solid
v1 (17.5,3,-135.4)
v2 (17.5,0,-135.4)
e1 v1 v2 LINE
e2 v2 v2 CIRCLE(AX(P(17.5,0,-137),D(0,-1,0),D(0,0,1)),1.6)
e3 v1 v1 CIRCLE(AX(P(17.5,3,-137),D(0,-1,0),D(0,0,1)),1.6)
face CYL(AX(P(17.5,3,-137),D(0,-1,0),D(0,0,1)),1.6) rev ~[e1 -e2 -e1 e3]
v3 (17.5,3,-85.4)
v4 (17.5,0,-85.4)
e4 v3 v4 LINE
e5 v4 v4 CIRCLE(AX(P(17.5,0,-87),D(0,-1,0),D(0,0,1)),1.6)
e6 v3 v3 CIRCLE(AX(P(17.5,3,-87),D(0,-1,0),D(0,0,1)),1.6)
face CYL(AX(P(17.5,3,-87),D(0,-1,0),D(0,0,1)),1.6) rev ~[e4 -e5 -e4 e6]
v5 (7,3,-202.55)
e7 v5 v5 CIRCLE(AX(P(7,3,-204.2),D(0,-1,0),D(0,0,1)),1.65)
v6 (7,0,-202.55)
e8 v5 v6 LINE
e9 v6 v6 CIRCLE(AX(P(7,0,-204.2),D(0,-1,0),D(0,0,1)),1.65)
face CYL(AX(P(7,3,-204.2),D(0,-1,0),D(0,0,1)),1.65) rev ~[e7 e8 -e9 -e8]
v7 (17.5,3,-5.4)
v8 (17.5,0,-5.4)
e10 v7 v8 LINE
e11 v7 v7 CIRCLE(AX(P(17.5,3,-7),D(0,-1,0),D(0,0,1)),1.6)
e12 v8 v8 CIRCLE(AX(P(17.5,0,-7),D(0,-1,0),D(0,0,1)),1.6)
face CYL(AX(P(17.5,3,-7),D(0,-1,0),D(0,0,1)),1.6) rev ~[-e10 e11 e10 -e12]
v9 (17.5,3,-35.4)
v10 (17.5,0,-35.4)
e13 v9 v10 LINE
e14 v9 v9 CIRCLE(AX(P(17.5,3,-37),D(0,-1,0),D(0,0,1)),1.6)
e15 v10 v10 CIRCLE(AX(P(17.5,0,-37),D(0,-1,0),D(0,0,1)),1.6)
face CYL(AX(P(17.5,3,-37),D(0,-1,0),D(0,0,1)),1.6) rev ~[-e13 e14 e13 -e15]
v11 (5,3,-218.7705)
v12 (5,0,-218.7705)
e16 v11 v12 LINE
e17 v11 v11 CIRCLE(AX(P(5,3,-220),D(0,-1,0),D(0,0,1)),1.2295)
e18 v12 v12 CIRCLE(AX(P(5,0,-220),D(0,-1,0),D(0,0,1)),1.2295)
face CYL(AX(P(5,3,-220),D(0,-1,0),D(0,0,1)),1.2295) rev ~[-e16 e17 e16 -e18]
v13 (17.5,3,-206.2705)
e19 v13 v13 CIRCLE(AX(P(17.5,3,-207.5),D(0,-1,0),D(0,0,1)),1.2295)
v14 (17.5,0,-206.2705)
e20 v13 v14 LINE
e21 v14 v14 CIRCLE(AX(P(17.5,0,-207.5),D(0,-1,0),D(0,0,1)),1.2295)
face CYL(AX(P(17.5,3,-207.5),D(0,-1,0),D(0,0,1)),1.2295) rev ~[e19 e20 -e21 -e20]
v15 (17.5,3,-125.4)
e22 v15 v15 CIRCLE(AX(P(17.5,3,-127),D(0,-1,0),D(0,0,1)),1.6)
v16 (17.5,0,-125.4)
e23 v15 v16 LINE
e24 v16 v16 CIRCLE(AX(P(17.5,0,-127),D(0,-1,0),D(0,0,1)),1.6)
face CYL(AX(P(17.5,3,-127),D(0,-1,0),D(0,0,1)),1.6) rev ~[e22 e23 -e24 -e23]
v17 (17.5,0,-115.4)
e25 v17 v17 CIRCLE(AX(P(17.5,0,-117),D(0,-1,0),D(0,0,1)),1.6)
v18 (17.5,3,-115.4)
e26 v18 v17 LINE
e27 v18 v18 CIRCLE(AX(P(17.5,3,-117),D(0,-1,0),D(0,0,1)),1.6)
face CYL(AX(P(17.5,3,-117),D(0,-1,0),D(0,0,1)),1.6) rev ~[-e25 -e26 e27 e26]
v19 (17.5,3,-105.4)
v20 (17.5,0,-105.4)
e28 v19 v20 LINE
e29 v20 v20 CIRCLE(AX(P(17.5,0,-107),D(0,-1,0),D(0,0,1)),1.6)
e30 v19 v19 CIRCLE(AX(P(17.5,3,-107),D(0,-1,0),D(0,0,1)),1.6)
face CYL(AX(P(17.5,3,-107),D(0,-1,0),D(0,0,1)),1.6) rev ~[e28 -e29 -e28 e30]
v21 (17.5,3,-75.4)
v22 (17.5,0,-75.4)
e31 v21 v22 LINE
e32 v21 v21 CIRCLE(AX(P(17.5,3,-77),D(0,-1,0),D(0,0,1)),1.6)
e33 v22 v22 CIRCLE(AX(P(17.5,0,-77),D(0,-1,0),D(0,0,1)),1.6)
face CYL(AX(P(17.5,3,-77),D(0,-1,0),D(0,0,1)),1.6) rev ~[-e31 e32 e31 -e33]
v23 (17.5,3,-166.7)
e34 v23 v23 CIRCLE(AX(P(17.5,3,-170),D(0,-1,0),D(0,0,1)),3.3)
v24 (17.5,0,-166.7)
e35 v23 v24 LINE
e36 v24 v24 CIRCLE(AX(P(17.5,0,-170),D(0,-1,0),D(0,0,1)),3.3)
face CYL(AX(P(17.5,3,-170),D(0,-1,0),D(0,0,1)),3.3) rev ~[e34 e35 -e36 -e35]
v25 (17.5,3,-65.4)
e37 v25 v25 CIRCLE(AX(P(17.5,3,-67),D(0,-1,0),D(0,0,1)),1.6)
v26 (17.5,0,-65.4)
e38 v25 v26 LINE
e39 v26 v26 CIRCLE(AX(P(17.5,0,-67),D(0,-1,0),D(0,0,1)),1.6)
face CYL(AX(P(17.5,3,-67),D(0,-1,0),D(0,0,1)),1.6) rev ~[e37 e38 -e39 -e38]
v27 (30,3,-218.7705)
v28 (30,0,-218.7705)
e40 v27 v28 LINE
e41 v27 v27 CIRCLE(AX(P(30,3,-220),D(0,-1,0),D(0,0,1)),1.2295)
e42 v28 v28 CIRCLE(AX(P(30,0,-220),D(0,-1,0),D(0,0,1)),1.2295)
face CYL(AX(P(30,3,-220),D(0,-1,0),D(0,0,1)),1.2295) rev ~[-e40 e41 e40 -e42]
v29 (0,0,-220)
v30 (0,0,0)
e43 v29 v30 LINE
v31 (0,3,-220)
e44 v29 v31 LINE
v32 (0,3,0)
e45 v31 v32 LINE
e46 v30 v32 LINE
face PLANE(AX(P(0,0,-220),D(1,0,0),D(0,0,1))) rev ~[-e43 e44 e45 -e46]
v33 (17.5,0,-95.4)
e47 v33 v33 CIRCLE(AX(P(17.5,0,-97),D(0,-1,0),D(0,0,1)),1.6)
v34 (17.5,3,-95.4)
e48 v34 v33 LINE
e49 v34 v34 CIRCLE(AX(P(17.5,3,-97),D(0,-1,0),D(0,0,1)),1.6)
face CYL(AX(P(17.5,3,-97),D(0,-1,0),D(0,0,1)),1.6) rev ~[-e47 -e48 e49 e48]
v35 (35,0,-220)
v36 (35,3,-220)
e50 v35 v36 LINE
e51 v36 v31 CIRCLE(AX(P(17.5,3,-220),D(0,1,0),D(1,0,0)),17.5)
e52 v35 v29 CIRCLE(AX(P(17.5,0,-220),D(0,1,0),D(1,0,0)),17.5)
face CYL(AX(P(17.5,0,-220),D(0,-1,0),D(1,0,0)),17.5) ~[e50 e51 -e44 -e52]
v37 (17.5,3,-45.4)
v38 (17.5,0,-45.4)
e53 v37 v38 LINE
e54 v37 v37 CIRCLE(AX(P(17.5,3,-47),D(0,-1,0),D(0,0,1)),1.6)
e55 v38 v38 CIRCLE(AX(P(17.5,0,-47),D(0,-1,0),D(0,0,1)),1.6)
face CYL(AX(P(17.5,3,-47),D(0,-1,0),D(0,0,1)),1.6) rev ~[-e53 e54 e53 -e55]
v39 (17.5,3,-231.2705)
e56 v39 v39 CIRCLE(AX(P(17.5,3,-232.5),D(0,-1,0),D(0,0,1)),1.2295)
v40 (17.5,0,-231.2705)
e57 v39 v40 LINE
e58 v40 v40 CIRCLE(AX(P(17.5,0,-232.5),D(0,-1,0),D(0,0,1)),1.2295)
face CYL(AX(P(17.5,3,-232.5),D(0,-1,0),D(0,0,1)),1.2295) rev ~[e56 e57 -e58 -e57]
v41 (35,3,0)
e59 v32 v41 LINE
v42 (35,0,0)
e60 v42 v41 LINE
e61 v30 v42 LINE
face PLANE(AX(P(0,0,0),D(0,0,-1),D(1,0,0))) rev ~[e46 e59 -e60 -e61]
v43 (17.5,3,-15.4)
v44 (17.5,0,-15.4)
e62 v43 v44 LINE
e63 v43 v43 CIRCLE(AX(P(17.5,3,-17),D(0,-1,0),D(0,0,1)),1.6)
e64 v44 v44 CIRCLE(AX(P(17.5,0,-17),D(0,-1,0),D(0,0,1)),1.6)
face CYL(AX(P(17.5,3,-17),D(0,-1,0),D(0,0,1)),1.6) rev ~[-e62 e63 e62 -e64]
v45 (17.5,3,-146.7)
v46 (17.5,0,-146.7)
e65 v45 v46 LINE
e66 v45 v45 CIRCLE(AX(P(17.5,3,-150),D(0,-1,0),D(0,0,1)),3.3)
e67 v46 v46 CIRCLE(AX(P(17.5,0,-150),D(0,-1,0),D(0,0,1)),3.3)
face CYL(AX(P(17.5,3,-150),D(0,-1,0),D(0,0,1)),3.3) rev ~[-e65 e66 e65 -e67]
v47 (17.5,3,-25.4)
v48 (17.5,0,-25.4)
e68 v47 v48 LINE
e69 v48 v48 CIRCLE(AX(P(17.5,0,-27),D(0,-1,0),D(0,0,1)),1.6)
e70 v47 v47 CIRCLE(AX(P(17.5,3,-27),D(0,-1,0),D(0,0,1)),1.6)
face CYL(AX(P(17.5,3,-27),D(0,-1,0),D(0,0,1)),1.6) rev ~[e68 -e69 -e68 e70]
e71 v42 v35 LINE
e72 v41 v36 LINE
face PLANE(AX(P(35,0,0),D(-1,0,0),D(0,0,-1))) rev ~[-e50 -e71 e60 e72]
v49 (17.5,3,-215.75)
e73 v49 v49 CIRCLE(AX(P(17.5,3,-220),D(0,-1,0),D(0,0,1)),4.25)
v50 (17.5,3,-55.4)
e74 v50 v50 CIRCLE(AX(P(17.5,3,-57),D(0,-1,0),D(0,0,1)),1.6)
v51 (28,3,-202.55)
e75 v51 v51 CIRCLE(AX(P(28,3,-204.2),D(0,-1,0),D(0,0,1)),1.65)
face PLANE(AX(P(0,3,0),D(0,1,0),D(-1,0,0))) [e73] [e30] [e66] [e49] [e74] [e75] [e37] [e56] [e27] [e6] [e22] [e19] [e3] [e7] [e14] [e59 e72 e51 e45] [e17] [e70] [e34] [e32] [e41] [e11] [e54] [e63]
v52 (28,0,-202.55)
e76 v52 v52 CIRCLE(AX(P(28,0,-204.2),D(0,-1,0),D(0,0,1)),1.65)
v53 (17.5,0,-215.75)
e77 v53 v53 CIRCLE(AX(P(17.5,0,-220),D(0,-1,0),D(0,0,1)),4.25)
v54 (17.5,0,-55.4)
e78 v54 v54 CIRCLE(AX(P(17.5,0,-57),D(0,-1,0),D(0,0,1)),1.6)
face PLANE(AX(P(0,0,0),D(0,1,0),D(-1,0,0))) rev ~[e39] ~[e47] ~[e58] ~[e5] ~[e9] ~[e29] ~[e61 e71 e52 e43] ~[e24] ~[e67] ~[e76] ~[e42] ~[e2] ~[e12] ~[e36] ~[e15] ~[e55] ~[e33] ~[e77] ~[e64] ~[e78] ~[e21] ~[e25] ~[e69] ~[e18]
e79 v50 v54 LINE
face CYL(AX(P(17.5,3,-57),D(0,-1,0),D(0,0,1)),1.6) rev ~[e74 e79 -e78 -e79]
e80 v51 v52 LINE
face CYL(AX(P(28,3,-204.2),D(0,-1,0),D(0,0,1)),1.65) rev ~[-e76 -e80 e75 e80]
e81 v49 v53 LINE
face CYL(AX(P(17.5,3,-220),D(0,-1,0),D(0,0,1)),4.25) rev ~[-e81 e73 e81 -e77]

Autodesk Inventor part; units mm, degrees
ref_plane "YZ Plane" through (0, 0, 0) normal (1, 0, 0) x (0, 1, 0)
ref_plane "XZ Plane" through (0, 0, 0) normal (0, 1, 0) x (-1, 0, 0)
ref_plane "XY Plane" through (0, 0, 0) normal (0, 0, 1) x (1, 0, 0)
sketch "スケッチ1" plane through (0, 0, 0) normal (0, 1, 0) x (-1, 0, 0)
  line L0 (0, 0) -> (-35, 0)
  line L1 (-35, 0) -> (-35, -220)
  line L2 (-35, -220) -> (0, -220)
  line L3 (0, -220) -> (0, 0)
  arc A0 (-35, -220) -> (0, -220) centre (-17.5, -220) ccw
  dimension "d0" = 35
  dimension "d1" = 220
  dimension "d2" = 17.5
extrude "押し出し1" add sketch "スケッチ1" along normal blind 3
sketch "スケッチ2" plane through (0, 3, 0) normal (0, 1, 0) x (1, 0, 0)
  line L0 (0, 0) -> (35, 0) construction
  line L1 (17.5, 0) -> (17.5, 237.5) construction
  arc A0 (35, 220) -> (0, 220) centre (17.5, 220) ccw construction
hole "穴1" at (17.5, 3, -220) direction (0, -1, 0) diameter 8.5 end through all
sketch "スケッチ3" plane through (0, 3, 0) normal (0, 1, 0) x (1, 0, 0)
  circle A0 centre (17.5, 220) radius 4.25 projected
  circle A1 centre (17.5, 220) radius 12.5
  point P0 (0, 0)
  point P1 (5, 220)
  point P2 (30, 220)
  point P3 (17.5, 232.5)
  point P4 (17.5, 207.5)
  dimension "d12" = 25
hole "穴2" at (5, 3, -220) at (30, 3, -220) at (17.5, 3, -232.5) at (17.5, 3, -207.5) direction (0, -1, 0) diameter 2.459 end through all thread size "M3x0.5" class "6H" standard "ISO Metric profile"
sketch "スケッチ4" plane through (0, 3, 0) normal (0, 1, 0) x (1, 0, 0)
  line L0 (0, 0) -> (35, 0) construction
  line L1 (17.5, 0) -> (17.5, 237.5) construction
  arc A0 (35, 220) -> (0, 220) centre (17.5, 220) ccw construction
  circle A1 centre (17.5, 220) radius 4.25 projected
  point P0 (17.5, 137)
  point P1 (17.5, 127)
  point P2 (17.5, 117)
  point P3 (17.5, 107)
  point P4 (17.5, 97)
  point P5 (17.5, 87)
  point P6 (17.5, 77)
  point P7 (17.5, 67)
  point P8 (17.5, 57)
  point P9 (17.5, 47)
  point P10 (17.5, 37)
  point P11 (17.5, 27)
  point P12 (17.5, 17)
  point P13 (17.5, 7)
  dimension "d42" = 83
  dimension "d45" = 10
hole "穴3" at (17.5, 3, -137) at (17.5, 3, -127) at (17.5, 3, -117) at (17.5, 3, -107) at (17.5, 3, -97) at (17.5, 3, -87) at (17.5, 3, -77) at (17.5, 3, -67) at (17.5, 3, -57) at (17.5, 3, -47) at (17.5, 3, -37) at (17.5, 3, -27) at (17.5, 3, -17) at (17.5, 3, -7) direction (0, -1, 0) diameter 3.2 end through all
sketch "スケッチ5" plane through (0, 3, 0) normal (0, 1, 0) x (1, 0, 0)
  line L0 (0, 0) -> (35, 0) construction
  line L1 (17.5, 0) -> (17.5, 237.5) construction
  arc A0 (35, 220) -> (0, 220) centre (17.5, 220) ccw construction
  circle A1 centre (17.5, 137) radius 1.6 construction
  point P0 (17.5, 150)
  point P1 (17.5, 170)
  dimension "d50" = 13
  dimension "d51" = 20
hole "穴4" at (17.5, 3, -150) at (17.5, 3, -170) direction (0, -1, 0) diameter 6.6 end through all
sketch "スケッチ6" plane through (0, 3, 0) normal (0, 1, 0) x (1, 0, 0)
  line L0 (35, 0) -> (35, 220) projected
  line L1 (35, 204.2) -> (0, 204.2) construction
  line L2 (0, 220) -> (0, 0) projected
  circle A0 centre (17.5, 220) radius 4.25 projected
  line L3 (17.5, 220) -> (17.5, 204.2) construction
  point P0 (28, 204.2)
  point P1 (7, 204.2)
  dimension "d52" = 15.8
  dimension "d53" = 10.5
  dimension "d54" = 10.5
hole "穴5" at (28, 3, -204.2) at (7, 3, -204.2) direction (0, -1, 0) diameter 3.3 end through all
properties part number "shoulder2_upper_plate" material "アルミニウム 5052"
